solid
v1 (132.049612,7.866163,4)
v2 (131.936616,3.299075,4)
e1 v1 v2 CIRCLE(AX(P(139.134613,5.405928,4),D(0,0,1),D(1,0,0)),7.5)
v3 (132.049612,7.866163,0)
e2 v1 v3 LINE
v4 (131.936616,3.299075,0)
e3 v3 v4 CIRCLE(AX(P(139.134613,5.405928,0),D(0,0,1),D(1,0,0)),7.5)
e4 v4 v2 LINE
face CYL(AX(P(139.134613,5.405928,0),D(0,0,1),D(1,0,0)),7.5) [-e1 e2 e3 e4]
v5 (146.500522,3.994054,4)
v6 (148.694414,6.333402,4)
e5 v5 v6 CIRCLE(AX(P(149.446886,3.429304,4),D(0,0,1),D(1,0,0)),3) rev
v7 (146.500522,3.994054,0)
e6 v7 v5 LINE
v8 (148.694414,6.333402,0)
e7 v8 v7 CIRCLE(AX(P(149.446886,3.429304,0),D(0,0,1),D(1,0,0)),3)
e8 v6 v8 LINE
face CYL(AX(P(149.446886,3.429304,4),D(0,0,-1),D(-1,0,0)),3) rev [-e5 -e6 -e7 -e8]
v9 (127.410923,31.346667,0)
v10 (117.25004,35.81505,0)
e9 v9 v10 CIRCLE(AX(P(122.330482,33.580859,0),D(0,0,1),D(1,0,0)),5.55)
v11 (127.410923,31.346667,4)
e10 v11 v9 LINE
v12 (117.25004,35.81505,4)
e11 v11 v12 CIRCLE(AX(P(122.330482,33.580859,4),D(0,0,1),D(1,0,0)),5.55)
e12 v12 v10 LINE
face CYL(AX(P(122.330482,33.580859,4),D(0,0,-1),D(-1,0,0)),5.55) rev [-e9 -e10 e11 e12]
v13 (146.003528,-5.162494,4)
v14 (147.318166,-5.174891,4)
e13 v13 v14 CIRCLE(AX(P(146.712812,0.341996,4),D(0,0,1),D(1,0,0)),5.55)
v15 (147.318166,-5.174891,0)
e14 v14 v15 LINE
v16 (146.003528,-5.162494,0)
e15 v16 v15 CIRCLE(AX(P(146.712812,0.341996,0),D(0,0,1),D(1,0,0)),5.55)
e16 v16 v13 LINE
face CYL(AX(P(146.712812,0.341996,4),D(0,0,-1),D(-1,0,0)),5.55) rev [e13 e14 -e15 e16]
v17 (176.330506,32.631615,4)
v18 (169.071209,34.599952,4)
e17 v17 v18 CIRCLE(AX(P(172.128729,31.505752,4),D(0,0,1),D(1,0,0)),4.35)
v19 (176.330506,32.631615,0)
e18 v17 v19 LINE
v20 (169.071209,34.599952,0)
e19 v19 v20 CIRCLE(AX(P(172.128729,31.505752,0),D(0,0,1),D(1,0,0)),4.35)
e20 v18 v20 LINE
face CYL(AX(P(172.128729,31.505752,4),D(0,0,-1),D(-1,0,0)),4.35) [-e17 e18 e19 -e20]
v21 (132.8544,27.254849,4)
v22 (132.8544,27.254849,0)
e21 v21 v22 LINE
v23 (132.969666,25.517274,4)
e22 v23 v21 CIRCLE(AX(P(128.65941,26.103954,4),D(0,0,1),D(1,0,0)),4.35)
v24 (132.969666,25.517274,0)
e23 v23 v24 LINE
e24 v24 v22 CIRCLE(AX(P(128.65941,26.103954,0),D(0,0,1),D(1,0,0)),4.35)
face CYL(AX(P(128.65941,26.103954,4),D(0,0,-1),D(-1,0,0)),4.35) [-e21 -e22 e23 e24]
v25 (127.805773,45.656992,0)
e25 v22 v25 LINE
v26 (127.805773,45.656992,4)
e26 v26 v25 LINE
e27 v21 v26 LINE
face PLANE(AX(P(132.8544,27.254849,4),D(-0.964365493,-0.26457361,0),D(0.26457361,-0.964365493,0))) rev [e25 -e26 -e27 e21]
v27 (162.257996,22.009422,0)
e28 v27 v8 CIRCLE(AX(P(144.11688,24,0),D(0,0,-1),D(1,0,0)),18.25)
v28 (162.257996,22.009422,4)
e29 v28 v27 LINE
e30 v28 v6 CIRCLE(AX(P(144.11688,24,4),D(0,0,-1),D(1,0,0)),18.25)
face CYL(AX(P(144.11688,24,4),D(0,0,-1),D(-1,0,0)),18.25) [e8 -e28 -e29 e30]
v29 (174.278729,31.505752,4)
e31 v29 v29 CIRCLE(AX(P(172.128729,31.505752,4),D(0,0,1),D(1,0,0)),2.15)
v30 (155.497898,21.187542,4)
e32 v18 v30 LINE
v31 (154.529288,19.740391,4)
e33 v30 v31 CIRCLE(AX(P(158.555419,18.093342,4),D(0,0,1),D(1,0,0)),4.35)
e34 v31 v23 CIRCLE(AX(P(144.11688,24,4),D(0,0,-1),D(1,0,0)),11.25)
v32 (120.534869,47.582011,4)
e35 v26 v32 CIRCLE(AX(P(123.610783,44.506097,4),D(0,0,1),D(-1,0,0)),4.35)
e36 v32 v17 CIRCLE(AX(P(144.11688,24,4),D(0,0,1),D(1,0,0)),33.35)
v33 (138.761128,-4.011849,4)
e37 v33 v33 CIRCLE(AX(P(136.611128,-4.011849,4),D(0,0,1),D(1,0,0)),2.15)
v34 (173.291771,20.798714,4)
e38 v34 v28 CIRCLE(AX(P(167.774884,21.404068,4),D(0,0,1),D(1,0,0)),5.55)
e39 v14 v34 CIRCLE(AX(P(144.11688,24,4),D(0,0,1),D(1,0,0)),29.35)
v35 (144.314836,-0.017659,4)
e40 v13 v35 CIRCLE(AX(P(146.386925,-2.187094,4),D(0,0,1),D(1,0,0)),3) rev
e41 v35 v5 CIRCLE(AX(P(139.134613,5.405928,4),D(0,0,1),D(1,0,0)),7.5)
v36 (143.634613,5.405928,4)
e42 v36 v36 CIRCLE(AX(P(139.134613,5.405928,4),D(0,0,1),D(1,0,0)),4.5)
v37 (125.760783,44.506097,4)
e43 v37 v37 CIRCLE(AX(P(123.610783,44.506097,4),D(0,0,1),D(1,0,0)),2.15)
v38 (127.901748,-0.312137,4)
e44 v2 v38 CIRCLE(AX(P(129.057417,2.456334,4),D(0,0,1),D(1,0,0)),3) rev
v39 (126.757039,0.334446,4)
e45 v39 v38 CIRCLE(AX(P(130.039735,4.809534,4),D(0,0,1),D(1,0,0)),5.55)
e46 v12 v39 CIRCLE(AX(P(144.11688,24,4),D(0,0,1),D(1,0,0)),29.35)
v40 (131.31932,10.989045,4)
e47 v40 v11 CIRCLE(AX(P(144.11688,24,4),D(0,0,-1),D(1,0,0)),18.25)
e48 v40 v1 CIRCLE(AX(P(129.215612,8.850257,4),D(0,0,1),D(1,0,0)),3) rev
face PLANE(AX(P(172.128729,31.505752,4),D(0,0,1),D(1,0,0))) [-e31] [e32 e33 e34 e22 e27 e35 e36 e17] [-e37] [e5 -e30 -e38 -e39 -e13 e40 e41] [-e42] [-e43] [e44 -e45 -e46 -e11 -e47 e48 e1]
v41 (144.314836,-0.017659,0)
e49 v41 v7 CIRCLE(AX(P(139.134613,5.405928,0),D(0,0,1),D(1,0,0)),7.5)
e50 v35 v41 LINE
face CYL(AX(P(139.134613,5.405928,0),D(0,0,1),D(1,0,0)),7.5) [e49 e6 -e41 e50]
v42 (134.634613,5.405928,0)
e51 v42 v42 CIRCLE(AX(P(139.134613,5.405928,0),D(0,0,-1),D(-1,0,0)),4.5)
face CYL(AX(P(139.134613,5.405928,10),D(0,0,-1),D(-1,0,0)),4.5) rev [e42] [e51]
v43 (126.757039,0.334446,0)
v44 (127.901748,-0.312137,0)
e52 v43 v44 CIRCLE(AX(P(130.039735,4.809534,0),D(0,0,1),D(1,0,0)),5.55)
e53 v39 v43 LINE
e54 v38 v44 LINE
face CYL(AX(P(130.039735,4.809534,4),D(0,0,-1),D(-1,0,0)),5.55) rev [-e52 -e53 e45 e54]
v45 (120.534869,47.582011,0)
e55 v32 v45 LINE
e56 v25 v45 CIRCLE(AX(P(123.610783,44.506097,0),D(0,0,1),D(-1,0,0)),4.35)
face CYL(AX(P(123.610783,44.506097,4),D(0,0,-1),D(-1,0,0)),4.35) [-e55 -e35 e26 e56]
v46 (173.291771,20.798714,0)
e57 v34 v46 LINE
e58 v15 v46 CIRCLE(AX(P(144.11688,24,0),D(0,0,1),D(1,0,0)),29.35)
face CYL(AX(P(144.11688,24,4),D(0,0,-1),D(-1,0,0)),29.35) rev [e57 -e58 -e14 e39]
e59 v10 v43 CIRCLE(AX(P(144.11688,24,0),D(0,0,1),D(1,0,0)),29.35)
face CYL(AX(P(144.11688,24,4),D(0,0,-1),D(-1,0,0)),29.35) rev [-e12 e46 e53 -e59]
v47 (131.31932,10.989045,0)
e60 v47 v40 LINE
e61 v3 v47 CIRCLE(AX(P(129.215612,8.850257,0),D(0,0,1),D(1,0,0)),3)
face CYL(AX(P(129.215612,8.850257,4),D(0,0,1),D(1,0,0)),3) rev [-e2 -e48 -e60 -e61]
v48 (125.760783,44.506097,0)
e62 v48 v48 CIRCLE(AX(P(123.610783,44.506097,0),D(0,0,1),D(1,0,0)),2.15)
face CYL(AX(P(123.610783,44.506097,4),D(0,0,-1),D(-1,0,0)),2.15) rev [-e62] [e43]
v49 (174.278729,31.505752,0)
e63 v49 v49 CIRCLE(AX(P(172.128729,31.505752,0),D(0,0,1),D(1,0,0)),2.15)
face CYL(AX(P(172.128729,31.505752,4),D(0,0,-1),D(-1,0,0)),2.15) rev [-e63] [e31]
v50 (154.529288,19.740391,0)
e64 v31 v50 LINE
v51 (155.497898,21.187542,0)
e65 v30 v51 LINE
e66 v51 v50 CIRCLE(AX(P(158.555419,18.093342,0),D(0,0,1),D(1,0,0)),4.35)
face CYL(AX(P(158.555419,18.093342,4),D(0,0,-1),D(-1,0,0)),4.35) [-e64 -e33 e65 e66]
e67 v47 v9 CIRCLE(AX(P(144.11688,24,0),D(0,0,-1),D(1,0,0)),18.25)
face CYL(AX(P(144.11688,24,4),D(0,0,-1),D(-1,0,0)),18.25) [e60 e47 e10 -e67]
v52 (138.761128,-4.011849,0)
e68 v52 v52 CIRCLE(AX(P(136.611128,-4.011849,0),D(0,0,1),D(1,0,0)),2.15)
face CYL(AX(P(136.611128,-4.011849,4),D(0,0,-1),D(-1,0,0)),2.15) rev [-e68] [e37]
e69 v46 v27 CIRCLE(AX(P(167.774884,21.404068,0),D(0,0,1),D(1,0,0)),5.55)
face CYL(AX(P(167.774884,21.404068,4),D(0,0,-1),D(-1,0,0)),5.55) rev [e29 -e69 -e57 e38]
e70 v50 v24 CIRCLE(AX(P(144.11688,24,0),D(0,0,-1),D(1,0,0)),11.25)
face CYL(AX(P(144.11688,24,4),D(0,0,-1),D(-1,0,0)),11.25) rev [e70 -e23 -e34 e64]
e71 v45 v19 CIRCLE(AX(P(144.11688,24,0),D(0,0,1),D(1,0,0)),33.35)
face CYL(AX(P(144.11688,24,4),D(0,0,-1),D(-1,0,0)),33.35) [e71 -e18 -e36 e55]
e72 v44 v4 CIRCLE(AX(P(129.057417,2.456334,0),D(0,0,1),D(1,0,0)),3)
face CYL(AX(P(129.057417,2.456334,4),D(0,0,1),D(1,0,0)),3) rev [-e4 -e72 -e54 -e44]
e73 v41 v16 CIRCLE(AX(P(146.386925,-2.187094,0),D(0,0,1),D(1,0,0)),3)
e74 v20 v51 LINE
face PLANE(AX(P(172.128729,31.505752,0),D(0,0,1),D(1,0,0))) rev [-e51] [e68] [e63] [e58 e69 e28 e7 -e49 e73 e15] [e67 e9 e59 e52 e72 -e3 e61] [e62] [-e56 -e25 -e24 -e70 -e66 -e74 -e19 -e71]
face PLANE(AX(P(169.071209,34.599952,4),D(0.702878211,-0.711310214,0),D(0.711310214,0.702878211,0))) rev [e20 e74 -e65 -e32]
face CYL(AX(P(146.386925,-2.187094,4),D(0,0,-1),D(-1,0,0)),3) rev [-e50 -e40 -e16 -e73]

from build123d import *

# Parameters (mm, degrees)
SKETCH1_R           = 2.15
BOSS_EXTRUDE1_DEPTH = 4
SKETCH2_R           = 4.5
CUT_EXTRUDE1_DEPTH  = 10
BOSS_EXTRUDE2_START = -4
SKETCH3_R           = 7.5
SKETCH3_R_2         = 4.5
BOSS_EXTRUDE2_DEPTH = 4
FILLET1_R           = 3


with BuildPart() as part:
    # Sketch1 → Boss-Extrude1 (new body)
    with BuildSketch(Plane.XY):
        with BuildLine():
            Line((169.071208826, 34.599951739), (155.49789847, 21.187541922))
            ThreePointArc((155.49789847, 21.187541922), (154.94043739, 20.512931345), (154.52928773, 19.740391219))
            ThreePointArc((154.52928773, 19.740391219), (141.205165824, 13.133334454), (132.969666153, 25.51727441))
            ThreePointArc((132.969666153, 25.51727441), (132.999870165, 26.391888614), (132.854399997, 27.254849052))
            Line((132.854399997, 27.254849052), (127.805773323, 45.656991858))
            ThreePointArc((127.805773323, 45.656991858), (124.72411503, 48.711211723), (120.534868929, 47.582011153))
            ThreePointArc((120.534868929, 47.582011153), (135.485264927, -8.213626307), (176.330506388, 32.631615154))
            ThreePointArc((176.330506388, 32.631615154), (173.267113127, 35.704154585), (169.071208826, 34.599951739))
        make_face()
        with Locations((123.610783427, 44.506096654)):
            Circle(SKETCH1_R, mode=Mode.SUBTRACT)
        with Locations((172.128729044, 31.505752308)):
            Circle(SKETCH1_R, mode=Mode.SUBTRACT)
        with Locations((136.611127773, -4.011848962)):
            Circle(SKETCH1_R, mode=Mode.SUBTRACT)
        with BuildLine():
            ThreePointArc((127.410923425, 31.346666741), (124.564673615, 38.661300157), (117.250040198, 35.815050347))
            ThreePointArc((117.250040198, 35.815050347), (115.76695708, 16.403661026), (126.757039397, 0.334446311))
            ThreePointArc((126.757039397, 0.334446311), (134.51482266, 1.526838378), (133.322430592, 9.284621641))
            ThreePointArc((133.322430592, 9.284621641), (126.488733751, 19.276552427), (127.410923425, 31.346666741))
        make_face(mode=Mode.SUBTRACT)
        with BuildLine():
            ThreePointArc((173.291771113, 20.798713806), (168.38023766, 26.920955155), (162.25799631, 22.009421702))
            ThreePointArc((162.25799631, 22.009421702), (157.021578838, 11.095301243), (146.107458379, 5.858883771))
            ThreePointArc((146.107458379, 5.858883771), (141.195924926, -0.263357578), (147.318166275, -5.174891032))
            ThreePointArc((147.318166275, -5.174891032), (164.870464109, 3.246415972), (173.291771113, 20.798713806))
        make_face(mode=Mode.SUBTRACT)
    extrude(amount=BOSS_EXTRUDE1_DEPTH)

    # Sketch2 → Cut-Extrude1 (cut)
    with BuildSketch(Plane(origin=(0, 0, 0), x_dir=(-1, 0, 0), z_dir=(0, 0, -1))):
        with Locations((-139.134613463, 5.405927844)):
            Circle(SKETCH2_R)
    extrude(amount=-CUT_EXTRUDE1_DEPTH, mode=Mode.SUBTRACT)

    # Sketch3 → Boss-Extrude2 (add)
    with BuildSketch(Plane.XY.offset(4).offset(BOSS_EXTRUDE2_START)):
        with Locations((139.134613463, 5.405927844)):
            Circle(SKETCH3_R)
        with Locations(Location((139.134613463, 5.405927844, 0), (0, 0, 180))):
            Circle(SKETCH3_R_2, mode=Mode.SUBTRACT)
    extrude(amount=BOSS_EXTRUDE2_DEPTH)

    # Fillet1
    fillet1_edges = [part.edges().sort_by_distance(p)[0] for p in [
        (133.49265497, 0.464439772, 2),
        (141.549948809, -1.694505605, 2),
        (146.616834445, 5.922037499, 2),
        (132.912874843, 9.594002408, 2),
    ]]
    fillet(fillet1_edges, radius=FILLET1_R)


solid = part.part
